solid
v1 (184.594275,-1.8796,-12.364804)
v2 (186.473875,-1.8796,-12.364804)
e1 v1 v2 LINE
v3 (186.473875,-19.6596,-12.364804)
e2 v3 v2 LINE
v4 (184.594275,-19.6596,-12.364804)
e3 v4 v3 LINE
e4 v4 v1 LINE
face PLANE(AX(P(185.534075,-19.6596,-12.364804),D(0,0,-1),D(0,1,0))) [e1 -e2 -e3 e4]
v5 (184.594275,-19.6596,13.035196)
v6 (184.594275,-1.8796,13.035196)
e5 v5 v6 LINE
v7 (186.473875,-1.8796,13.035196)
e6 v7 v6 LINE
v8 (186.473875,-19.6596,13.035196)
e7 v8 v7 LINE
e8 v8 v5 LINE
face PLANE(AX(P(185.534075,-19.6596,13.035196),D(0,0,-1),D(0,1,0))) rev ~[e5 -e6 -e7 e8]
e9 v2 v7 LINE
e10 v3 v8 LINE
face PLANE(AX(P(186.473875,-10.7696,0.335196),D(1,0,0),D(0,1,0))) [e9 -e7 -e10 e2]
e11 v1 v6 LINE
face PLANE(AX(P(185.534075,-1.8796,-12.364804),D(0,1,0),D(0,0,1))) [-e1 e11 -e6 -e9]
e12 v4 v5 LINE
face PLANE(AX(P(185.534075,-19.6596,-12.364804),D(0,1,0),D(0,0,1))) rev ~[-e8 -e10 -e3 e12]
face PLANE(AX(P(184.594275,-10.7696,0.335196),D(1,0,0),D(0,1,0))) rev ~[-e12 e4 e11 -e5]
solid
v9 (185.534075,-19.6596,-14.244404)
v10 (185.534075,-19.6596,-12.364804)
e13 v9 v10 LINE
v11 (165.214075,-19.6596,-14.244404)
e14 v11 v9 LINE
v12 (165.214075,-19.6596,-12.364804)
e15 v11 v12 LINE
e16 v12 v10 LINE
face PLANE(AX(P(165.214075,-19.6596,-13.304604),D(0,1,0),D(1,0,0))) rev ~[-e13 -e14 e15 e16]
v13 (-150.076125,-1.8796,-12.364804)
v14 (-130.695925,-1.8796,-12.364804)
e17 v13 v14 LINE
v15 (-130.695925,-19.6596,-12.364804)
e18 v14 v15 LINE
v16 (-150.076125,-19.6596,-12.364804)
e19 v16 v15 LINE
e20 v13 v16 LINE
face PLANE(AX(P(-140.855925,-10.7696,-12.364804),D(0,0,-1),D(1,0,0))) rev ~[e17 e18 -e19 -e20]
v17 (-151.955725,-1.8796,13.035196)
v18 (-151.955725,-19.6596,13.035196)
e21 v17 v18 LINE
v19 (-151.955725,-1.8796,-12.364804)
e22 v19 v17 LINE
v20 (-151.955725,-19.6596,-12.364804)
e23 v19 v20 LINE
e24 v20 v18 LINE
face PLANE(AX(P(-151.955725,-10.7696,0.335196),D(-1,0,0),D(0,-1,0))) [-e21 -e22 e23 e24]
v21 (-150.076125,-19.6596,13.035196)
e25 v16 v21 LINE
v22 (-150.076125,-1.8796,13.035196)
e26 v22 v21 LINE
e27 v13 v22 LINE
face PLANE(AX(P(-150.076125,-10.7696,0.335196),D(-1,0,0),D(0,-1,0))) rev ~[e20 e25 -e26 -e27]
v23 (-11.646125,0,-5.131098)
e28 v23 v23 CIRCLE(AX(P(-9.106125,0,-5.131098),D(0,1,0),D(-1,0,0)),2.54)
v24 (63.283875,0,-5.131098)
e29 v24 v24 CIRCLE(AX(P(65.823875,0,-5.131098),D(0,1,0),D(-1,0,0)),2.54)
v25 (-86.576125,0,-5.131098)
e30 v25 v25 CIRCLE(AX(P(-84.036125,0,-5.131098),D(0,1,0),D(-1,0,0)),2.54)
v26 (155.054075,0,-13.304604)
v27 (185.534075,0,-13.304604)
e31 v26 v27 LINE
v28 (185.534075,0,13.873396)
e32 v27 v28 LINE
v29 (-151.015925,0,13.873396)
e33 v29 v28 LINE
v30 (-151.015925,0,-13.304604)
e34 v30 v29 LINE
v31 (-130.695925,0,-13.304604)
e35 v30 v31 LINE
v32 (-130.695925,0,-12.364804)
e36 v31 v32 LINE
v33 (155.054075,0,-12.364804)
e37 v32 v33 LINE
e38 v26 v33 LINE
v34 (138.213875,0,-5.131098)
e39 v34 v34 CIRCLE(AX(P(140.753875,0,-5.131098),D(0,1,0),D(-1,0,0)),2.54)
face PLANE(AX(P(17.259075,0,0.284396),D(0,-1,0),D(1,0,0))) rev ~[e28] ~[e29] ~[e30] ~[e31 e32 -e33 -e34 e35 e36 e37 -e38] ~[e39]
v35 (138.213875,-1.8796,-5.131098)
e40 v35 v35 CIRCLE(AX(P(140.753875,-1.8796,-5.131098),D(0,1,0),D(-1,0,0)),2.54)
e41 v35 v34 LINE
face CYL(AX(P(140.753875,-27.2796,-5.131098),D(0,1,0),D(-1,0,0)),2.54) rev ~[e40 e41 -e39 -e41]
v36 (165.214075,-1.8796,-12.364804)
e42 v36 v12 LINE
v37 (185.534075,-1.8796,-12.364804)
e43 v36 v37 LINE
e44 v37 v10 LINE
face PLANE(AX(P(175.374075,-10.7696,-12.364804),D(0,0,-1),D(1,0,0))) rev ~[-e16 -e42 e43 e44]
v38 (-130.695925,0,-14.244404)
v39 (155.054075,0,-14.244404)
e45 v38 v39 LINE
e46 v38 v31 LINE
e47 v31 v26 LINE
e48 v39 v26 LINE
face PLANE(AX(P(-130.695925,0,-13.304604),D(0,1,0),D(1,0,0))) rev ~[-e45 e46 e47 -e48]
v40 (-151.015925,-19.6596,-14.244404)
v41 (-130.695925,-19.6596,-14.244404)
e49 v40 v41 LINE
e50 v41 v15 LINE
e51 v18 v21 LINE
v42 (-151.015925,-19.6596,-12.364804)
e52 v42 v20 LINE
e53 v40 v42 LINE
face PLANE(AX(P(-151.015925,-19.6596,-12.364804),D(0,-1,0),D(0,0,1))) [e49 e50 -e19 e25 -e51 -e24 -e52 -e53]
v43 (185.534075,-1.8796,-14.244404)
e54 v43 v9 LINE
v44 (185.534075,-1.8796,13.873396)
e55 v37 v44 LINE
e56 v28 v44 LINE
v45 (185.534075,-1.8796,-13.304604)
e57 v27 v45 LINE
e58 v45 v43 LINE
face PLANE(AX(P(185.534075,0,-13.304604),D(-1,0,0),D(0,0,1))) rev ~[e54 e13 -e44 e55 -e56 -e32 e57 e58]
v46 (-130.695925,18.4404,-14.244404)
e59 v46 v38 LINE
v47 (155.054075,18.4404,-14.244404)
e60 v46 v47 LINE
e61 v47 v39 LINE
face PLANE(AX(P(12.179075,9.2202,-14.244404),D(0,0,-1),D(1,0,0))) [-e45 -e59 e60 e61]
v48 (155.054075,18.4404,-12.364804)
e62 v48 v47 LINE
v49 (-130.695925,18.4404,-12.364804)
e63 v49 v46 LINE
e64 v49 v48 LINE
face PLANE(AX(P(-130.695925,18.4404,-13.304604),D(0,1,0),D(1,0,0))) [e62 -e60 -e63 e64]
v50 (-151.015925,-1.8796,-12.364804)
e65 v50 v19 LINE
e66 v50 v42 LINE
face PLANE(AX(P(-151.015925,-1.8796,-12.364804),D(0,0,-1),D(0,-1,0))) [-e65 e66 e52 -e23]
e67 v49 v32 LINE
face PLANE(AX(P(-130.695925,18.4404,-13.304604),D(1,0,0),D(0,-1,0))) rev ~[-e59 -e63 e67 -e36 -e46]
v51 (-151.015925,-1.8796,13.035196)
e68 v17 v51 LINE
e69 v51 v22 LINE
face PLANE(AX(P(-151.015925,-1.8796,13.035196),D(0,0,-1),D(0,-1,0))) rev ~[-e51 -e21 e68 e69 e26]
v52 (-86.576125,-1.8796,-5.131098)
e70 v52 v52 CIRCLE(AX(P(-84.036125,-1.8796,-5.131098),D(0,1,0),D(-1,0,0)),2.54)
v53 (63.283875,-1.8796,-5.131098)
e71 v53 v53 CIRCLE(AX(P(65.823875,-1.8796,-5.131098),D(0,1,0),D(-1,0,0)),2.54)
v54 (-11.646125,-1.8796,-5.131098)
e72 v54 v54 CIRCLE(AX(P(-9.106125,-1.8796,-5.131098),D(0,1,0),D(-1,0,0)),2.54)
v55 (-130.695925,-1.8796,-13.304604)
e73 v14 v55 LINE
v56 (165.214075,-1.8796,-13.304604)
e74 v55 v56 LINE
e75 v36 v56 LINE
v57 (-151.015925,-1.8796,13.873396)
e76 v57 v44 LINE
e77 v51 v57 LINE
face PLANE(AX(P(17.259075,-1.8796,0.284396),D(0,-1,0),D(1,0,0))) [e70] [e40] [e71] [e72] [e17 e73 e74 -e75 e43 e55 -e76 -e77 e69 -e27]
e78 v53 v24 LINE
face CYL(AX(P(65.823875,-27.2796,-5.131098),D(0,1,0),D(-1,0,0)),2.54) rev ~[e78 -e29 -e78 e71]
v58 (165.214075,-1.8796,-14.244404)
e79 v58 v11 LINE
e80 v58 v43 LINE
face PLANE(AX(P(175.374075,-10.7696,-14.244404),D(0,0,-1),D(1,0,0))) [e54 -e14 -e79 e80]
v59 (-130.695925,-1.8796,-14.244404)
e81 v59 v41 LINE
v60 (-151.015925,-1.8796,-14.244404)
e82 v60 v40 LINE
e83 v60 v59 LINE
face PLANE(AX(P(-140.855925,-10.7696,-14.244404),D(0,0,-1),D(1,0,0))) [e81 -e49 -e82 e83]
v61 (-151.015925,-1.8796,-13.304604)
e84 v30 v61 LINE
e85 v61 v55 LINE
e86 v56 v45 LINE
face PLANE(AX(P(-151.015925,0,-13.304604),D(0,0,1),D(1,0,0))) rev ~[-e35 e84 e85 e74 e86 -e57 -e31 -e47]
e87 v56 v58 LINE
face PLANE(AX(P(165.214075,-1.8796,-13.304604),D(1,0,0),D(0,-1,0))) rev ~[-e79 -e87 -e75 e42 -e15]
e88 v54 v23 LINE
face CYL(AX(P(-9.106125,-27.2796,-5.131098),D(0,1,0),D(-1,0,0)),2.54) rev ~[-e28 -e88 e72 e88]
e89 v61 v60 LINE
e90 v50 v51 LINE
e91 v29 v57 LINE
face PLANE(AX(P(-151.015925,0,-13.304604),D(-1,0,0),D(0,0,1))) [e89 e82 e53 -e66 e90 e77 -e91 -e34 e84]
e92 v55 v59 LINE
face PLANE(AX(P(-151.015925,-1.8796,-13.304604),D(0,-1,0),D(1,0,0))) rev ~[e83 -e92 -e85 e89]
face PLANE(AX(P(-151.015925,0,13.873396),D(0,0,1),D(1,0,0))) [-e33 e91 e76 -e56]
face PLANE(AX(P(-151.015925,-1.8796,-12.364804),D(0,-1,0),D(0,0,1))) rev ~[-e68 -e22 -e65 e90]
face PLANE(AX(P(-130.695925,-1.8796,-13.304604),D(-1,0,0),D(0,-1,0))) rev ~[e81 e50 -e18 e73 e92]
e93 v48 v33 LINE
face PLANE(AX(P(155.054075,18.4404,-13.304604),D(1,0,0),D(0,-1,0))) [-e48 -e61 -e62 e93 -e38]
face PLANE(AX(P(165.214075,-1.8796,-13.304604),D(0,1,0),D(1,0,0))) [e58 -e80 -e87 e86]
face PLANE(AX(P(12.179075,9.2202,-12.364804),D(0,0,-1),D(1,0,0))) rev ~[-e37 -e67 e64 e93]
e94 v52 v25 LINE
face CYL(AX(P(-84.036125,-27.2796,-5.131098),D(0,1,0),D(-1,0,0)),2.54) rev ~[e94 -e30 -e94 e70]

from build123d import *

# Parameters (mm, degrees)
F0_W      = 336.55
F0_H      = 27.178
F1_DEPTH  = 1.8796
F2_W      = 20.32
F2_H      = 17.78
F3_DEPTH  = 0.9398
F4_W      = 17.78
F4_H      = 25.4
F5_DEPTH  = 0.9398
F6_W      = 17.78
F6_H      = 25.4
F7_DEPTH  = 0.9398
F8_W      = 285.75
F8_H      = 18.4404
F9_DEPTH  = 0.9398
F11_D     = 5.08
F11_DEPTH = 25.4
F11_TIP   = 1.5261859723


with BuildPart() as f1:
    # F0 (on Front) → F1 (new body)
    with BuildSketch(Plane.XZ):
        with Locations((17.259075248, 0.2843956463)):
            Rectangle(F0_W, F0_H)
    extrude(amount=F1_DEPTH)

    # F2 (on face) → F3 (join, symmetric)
    with BuildSketch(Plane(origin=(0, 0, -13.3046043537), x_dir=(1, 0, 0), z_dir=(0, 0, -1))):
        with Locations((-140.855924752, 10.7696)):
            Rectangle(F2_W, F2_H)
        with Locations((175.374075248, 10.7696)):
            Rectangle(F2_W, F2_H)
    extrude(amount=F3_DEPTH, both=True)

    # F4 (on face) → F5 (join, symmetric)
    with BuildSketch(Plane(origin=(-151.015924752, 0, 0), x_dir=(0, -1, 0), z_dir=(-1, 0, 0))):
        with Locations((10.7696, 0.3351956463)):
            Rectangle(F4_W, F4_H)
    extrude(amount=F5_DEPTH, both=True)

    # F8 (on face) → F9 (join, symmetric)
    with BuildSketch(Plane(origin=(0, 0, -13.3046043537), x_dir=(1, 0, 0), z_dir=(0, 0, -1))):
        with Locations((12.179075248, -9.2202)):
            Rectangle(F8_W, F8_H)
    extrude(amount=F9_DEPTH, both=True)

    # F11
    with Locations(Plane.XZ.offset(1.8796)):
        with Locations((-84.036124752, -5.1310979761), (-9.106124752, -5.1310979761), (65.823875248, -5.1310979761), (140.753875248, -5.1310979761)):
            Hole(F11_D / 2, depth=F11_DEPTH)
            with Locations((0, 0, -(F11_DEPTH + F11_TIP / 2))):  # 118° drill point
                Cone(0, F11_D / 2, F11_TIP, mode=Mode.SUBTRACT)


with BuildPart() as f7:
    # F6 (on face) → F7 (new body, symmetric)
    with BuildSketch(Plane.YZ.offset(185.534075248)):
        with Locations((-10.7696, 0.3351956463)):
            Rectangle(F6_W, F6_H)
    extrude(amount=F7_DEPTH, both=True)


solid = Compound([f1.part, f7.part])
